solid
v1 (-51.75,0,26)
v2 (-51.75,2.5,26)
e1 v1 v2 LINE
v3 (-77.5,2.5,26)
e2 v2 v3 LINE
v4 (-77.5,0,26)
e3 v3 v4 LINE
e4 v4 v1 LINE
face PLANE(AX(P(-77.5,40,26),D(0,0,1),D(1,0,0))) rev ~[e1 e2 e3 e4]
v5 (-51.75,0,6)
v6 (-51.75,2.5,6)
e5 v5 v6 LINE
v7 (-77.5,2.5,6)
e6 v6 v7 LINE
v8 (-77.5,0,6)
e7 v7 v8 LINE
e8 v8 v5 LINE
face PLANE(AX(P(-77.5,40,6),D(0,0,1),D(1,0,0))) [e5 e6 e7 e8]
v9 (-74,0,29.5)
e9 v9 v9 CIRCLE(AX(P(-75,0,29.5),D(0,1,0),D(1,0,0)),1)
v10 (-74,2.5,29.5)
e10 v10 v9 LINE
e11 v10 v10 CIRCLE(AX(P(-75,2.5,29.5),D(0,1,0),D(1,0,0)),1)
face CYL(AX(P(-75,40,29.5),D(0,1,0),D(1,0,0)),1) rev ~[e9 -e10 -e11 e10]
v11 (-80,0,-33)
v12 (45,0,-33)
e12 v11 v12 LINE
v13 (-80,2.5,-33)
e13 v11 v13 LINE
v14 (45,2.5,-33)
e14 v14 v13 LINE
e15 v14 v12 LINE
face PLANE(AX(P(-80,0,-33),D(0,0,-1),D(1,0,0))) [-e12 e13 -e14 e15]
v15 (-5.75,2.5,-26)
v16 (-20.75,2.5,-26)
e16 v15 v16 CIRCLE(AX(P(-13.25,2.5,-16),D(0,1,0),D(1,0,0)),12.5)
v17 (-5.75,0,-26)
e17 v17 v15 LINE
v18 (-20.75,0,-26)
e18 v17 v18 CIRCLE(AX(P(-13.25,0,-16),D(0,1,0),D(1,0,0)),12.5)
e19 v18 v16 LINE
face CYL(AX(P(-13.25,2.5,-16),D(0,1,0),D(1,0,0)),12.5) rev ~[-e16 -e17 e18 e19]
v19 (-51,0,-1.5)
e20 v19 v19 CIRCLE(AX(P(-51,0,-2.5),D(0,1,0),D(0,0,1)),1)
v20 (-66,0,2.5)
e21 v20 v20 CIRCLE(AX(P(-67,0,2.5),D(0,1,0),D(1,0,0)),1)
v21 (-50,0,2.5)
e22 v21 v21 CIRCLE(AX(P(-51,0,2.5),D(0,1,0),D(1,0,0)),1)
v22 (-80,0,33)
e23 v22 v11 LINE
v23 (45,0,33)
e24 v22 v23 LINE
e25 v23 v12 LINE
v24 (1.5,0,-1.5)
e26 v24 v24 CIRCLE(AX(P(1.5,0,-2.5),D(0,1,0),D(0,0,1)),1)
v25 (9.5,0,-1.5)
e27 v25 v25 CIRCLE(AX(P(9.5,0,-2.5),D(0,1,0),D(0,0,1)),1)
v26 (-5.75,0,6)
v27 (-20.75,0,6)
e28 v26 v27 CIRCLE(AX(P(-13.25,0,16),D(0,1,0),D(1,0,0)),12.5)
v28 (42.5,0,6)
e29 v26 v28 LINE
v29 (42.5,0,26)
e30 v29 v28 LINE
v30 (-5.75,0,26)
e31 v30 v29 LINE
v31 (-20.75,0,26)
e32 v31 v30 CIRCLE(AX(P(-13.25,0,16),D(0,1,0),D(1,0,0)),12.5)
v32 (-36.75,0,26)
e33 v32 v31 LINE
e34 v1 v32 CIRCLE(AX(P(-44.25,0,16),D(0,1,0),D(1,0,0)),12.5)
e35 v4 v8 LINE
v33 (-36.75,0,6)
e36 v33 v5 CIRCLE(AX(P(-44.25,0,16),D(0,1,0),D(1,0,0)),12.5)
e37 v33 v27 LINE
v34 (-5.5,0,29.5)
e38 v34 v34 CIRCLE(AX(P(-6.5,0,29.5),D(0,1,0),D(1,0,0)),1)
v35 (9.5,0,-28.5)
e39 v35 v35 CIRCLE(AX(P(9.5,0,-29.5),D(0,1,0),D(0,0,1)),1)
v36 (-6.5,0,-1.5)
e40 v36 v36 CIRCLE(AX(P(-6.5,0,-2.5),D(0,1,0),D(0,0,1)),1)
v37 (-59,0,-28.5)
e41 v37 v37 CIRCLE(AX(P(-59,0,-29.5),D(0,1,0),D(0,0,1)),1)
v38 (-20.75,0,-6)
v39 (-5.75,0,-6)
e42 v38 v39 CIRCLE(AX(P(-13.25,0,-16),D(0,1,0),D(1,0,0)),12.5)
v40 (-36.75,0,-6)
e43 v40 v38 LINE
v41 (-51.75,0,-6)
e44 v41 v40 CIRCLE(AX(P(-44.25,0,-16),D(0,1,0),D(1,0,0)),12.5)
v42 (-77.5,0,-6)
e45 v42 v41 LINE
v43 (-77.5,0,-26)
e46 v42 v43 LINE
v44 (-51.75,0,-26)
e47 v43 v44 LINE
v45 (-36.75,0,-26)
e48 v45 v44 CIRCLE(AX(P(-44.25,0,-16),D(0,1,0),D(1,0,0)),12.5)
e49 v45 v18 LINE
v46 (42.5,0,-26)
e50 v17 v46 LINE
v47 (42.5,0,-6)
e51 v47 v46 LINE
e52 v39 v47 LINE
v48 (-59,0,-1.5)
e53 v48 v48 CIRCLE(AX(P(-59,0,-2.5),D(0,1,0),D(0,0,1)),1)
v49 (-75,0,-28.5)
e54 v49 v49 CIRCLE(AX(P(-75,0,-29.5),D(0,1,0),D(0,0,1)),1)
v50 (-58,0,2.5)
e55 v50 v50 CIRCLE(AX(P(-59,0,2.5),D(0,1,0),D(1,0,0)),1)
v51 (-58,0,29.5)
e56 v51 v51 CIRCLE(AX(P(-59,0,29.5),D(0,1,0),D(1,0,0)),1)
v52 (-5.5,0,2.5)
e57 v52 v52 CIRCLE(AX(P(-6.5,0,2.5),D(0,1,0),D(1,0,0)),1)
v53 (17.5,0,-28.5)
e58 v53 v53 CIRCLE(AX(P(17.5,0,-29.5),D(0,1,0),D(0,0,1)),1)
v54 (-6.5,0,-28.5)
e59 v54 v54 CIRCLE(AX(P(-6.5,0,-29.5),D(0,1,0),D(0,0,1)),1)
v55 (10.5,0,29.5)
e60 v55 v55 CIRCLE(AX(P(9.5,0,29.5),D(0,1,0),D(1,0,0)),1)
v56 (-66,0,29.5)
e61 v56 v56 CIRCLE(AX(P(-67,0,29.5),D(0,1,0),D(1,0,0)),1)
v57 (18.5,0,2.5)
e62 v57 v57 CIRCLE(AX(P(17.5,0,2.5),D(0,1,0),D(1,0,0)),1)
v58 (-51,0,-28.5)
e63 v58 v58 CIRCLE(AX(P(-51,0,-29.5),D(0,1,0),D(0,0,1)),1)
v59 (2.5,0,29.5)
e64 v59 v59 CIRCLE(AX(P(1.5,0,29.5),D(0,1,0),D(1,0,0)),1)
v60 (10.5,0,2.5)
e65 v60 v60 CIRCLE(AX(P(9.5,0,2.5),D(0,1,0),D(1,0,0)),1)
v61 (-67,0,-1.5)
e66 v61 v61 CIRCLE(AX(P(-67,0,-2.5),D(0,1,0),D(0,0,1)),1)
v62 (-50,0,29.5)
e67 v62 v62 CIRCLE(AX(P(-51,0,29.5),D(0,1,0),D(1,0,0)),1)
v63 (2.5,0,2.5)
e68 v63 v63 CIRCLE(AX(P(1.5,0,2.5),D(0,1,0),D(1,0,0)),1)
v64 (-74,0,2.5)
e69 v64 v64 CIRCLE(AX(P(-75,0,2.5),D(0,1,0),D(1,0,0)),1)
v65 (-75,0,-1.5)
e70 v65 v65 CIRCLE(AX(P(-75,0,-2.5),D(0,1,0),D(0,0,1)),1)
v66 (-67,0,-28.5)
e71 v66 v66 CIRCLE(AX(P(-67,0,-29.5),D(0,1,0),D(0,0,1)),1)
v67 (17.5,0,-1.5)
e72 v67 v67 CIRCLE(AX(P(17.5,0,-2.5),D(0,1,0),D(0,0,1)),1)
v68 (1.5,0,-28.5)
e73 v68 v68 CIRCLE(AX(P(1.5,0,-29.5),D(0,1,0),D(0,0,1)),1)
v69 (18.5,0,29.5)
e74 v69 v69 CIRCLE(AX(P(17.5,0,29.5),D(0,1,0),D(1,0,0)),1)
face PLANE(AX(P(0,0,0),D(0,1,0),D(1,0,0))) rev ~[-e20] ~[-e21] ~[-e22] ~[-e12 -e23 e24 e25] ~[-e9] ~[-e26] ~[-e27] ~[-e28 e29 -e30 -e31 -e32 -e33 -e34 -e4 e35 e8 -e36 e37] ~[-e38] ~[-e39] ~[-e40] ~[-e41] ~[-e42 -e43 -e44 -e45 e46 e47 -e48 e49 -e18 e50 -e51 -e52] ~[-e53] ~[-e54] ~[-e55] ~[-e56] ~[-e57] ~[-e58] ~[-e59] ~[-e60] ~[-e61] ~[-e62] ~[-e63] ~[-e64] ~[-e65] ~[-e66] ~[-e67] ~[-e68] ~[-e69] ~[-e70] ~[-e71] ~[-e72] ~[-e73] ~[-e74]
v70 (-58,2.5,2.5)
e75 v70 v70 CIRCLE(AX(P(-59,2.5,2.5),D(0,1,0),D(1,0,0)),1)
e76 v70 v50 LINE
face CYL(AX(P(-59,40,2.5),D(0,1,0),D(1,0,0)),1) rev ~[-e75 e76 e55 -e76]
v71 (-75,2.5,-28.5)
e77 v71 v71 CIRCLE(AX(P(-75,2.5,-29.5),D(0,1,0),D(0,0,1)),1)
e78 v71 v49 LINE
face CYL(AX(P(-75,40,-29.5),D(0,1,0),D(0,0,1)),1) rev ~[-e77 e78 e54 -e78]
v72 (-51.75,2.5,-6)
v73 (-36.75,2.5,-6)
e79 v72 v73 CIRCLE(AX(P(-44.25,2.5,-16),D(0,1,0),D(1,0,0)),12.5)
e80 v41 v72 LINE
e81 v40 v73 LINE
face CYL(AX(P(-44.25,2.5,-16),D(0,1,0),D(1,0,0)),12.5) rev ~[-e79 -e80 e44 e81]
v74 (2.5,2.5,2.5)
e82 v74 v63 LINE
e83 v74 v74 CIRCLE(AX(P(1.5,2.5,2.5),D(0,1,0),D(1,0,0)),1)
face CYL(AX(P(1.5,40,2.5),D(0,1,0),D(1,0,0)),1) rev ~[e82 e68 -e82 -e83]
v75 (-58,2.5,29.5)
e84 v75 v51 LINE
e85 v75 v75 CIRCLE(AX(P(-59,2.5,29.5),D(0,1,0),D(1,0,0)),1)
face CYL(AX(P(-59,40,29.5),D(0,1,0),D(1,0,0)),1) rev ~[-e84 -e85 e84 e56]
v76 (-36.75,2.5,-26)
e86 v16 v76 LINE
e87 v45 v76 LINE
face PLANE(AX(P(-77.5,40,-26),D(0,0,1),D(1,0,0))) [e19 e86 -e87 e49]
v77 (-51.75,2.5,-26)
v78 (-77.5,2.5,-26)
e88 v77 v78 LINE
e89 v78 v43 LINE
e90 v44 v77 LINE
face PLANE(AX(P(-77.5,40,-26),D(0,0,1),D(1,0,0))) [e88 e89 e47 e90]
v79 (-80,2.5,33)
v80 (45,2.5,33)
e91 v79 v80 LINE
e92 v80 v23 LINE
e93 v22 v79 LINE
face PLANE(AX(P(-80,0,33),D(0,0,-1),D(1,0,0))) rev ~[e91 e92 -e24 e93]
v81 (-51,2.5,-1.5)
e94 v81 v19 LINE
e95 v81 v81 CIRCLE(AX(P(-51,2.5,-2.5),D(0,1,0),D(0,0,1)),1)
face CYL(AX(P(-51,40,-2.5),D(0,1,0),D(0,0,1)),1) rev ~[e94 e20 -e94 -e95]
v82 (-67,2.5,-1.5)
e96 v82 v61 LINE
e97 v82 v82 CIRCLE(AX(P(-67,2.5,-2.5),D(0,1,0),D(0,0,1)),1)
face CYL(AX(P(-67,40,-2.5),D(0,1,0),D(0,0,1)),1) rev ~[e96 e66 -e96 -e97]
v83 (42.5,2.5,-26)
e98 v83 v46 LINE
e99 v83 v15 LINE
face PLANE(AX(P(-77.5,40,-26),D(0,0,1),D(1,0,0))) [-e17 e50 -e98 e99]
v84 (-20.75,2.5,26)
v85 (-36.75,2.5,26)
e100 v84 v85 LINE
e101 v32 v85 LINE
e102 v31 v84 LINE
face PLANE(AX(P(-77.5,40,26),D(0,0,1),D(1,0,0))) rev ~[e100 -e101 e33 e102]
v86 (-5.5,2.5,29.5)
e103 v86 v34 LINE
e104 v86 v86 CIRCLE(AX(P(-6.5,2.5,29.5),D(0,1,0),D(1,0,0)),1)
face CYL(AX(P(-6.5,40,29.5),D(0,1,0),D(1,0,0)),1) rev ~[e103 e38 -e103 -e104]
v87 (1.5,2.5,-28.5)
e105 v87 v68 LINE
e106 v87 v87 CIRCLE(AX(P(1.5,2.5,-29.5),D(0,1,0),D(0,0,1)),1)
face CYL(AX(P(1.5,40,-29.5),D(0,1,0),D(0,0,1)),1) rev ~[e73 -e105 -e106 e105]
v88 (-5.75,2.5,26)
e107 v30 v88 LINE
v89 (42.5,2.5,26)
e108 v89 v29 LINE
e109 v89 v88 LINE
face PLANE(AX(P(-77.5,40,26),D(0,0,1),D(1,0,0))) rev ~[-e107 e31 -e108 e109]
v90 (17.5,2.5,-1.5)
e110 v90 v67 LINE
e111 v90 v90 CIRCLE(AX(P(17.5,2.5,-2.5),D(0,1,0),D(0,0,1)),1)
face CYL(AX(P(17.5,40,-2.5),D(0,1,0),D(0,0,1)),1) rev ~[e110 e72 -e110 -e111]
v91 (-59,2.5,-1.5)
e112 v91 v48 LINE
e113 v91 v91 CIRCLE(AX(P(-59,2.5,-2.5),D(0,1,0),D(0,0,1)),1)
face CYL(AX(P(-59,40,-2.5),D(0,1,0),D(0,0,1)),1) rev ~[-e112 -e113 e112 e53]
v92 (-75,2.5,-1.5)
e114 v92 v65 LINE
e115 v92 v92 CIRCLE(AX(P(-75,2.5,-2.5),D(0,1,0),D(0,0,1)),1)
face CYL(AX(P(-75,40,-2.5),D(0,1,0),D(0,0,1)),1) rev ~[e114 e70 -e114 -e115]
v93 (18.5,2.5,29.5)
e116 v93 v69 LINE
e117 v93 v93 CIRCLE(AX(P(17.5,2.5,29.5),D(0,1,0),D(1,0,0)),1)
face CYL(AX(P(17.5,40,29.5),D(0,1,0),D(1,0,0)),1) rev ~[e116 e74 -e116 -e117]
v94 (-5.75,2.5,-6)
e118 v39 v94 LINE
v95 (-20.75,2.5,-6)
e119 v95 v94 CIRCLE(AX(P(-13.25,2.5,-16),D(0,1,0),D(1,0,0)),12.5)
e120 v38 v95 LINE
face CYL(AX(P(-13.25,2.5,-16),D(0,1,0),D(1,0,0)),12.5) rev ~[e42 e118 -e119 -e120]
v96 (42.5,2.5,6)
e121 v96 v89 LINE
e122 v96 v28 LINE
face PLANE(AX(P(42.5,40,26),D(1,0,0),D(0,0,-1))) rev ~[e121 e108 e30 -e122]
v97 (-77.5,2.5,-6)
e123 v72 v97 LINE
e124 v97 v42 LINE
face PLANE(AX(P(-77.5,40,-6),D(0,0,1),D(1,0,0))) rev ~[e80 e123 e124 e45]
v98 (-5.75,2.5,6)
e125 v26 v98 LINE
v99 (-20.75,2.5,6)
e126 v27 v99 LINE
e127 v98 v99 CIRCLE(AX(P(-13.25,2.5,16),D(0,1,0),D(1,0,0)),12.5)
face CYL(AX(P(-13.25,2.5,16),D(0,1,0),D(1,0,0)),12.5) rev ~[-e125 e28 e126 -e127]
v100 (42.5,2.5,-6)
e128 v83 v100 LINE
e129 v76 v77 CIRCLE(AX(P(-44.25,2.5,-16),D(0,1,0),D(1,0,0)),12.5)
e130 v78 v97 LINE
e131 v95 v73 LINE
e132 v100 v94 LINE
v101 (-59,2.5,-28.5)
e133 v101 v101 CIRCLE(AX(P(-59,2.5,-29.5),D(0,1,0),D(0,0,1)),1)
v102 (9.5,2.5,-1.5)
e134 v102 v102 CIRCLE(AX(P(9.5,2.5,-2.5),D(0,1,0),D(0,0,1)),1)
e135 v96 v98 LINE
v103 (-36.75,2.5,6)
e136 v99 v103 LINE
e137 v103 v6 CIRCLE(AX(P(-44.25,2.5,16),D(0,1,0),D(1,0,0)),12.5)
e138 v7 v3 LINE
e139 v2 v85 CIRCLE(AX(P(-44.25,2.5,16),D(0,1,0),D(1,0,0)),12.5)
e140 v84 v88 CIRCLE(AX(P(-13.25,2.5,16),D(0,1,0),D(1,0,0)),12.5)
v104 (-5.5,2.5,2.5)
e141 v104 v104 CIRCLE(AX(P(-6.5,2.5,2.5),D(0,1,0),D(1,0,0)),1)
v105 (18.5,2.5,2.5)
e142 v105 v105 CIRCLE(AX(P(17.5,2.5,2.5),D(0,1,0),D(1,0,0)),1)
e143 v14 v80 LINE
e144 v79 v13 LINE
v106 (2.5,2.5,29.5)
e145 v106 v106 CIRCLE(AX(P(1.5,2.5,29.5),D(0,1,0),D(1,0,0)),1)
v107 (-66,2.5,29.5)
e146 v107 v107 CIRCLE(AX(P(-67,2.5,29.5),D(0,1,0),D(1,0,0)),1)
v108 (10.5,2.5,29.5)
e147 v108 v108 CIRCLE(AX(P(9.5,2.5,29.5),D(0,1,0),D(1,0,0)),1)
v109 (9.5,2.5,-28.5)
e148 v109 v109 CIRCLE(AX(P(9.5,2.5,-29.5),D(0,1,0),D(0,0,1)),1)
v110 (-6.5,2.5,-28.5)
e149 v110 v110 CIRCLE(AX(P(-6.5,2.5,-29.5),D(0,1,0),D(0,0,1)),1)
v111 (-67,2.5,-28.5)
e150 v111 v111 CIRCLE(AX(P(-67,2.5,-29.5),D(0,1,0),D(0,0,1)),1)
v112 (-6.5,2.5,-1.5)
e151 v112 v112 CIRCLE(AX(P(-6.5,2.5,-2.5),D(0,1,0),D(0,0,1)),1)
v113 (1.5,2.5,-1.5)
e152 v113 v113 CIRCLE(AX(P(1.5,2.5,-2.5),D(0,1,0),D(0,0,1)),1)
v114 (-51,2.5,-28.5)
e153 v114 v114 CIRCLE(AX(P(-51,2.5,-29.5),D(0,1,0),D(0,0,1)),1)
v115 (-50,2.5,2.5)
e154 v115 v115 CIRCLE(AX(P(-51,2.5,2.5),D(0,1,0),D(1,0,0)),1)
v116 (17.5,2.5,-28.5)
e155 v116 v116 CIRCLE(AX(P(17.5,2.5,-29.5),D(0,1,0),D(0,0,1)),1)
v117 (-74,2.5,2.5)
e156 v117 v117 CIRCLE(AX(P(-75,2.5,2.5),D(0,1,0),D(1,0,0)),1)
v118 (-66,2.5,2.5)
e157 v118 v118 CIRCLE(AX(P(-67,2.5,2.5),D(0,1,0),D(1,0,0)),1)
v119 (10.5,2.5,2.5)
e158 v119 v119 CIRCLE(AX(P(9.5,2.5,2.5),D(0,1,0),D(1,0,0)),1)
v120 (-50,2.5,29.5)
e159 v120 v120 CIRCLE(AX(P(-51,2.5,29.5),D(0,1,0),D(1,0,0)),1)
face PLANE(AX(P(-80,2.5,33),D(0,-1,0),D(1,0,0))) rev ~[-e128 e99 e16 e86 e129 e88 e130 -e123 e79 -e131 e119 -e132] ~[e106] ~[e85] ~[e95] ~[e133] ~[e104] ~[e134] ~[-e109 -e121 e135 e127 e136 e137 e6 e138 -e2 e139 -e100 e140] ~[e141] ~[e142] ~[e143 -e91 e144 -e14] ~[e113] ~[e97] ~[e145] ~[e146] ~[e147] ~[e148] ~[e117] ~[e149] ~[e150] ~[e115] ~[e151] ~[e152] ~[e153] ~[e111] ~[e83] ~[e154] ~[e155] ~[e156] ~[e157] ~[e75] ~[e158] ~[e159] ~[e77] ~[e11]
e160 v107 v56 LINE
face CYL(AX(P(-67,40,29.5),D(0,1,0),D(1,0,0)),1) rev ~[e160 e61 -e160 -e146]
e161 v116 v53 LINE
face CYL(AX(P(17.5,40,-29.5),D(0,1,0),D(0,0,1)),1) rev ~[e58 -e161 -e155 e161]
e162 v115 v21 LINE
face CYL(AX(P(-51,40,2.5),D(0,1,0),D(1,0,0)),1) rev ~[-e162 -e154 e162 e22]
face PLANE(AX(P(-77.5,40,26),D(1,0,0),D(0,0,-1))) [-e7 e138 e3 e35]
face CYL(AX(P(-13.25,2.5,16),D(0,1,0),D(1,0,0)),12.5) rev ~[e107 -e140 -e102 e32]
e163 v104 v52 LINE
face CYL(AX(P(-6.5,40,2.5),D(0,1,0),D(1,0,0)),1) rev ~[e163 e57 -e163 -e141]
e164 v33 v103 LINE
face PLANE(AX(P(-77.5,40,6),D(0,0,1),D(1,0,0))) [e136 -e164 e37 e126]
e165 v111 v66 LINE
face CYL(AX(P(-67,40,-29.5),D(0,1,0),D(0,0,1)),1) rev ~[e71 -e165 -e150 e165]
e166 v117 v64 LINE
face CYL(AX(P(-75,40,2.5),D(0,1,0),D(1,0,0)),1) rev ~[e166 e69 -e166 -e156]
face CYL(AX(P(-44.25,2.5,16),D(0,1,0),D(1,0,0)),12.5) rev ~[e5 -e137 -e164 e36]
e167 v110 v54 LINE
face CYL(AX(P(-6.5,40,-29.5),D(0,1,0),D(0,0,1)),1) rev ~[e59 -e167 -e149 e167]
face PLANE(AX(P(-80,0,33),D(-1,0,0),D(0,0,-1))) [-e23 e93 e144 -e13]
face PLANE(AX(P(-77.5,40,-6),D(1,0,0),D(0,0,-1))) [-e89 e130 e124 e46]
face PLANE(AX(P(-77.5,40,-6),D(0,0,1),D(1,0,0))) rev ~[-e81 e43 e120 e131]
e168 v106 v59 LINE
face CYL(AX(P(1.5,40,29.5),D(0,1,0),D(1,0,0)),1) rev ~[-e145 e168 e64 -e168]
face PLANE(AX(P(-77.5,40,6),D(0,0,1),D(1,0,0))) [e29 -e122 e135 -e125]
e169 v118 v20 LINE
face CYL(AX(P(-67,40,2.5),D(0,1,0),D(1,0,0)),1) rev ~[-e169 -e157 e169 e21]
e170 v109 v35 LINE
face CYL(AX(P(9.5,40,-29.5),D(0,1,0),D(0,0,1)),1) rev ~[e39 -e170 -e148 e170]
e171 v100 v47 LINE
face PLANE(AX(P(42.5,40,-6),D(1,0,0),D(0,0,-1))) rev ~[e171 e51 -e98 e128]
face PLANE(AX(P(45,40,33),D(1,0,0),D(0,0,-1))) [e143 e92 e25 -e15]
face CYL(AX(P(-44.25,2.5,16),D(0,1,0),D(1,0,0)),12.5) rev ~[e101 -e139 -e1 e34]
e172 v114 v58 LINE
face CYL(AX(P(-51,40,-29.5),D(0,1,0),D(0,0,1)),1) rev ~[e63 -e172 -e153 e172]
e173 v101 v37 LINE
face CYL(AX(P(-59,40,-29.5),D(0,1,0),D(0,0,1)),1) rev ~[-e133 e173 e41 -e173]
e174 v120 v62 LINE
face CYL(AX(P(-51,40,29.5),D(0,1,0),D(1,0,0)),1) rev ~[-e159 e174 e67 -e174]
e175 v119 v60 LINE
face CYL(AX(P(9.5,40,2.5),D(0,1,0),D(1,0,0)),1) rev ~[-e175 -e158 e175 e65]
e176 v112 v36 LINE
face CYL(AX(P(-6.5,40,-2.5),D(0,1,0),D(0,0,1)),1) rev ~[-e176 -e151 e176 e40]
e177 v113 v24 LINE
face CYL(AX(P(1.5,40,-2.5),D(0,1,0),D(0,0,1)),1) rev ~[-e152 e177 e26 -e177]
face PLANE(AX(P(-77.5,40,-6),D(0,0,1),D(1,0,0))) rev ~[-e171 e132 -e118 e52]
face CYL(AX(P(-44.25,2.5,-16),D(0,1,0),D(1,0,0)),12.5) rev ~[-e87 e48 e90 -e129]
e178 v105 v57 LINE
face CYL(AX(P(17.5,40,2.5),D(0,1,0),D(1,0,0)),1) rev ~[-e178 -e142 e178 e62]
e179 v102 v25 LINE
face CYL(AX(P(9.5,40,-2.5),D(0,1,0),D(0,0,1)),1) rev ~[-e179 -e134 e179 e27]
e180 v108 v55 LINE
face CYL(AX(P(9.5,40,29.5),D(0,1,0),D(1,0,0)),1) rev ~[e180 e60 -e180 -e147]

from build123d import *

# Parameters (mm, degrees)
SKETCH1_W           = 160
SKETCH1_H           = 66
BOSS_EXTRUDE1_DEPTH = 40
SKETCH2_R           = 4.025
SKETCH2_W           = 130
SKETCH2_H           = 37.5
CUT_EXTRUDE1_DEPTH  = 112.157545853
SKETCH3_R           = 1
SKETCH3_W           = 120
SKETCH3_H           = 20
CUT_EXTRUDE2_DEPTH  = 96.336247042
SKETCH4_R           = 12.5
CUT_EXTRUDE3_DEPTH  = 95.314633011
SKETCH5_W           = 35
SKETCH5_H           = 66
CUT_EXTRUDE5_DEPTH  = 96.336247042


with BuildPart() as part:
    # Sketch1 → Boss-Extrude1 (new body)
    with BuildSketch(Plane(origin=(0, 0, 0), x_dir=(1, 0, 0), z_dir=(0, 1, 0))):
        Rectangle(SKETCH1_W, SKETCH1_H)
    extrude(amount=BOSS_EXTRUDE1_DEPTH)

    # Sketch2 → Cut-Extrude1 (cut, through all)
    with BuildSketch(Plane.XY.offset(33)):
        with Locations((70, 20)):
            Circle(SKETCH2_R)
        with Locations((-15, 21.25)):
            Rectangle(SKETCH2_W, SKETCH2_H)
    extrude(amount=-CUT_EXTRUDE1_DEPTH, mode=Mode.SUBTRACT)

    # Sketch3 → Cut-Extrude2 (cut, through all)
    with BuildSketch(Plane(origin=(0, 40, 0), x_dir=(1, 0, 0), z_dir=(0, 1, 0))):
        with Locations(Location((-75, 29.5, 0), (0, 0, 270))):
            Circle(SKETCH3_R)
        with Locations(Location((-75, 2.5, 0), (0, 0, 270))):
            Circle(SKETCH3_R)
        with Locations(Location((-67, 29.5, 0), (0, 0, 270))):
            Circle(SKETCH3_R)
        with Locations(Location((-59, 29.5, 0), (0, 0, 270))):
            Circle(SKETCH3_R)
        with Locations(Location((-51, 29.5, 0), (0, 0, 270))):
            Circle(SKETCH3_R)
        with Locations(Location((-67, 2.5, 0), (0, 0, 270))):
            Circle(SKETCH3_R)
        with Locations(Location((-59, 2.5, 0), (0, 0, 270))):
            Circle(SKETCH3_R)
        with Locations(Location((-51, 2.5, 0), (0, 0, 270))):
            Circle(SKETCH3_R)
        with Locations(Location((-6.5, 29.5, 0), (0, 0, 270))):
            Circle(SKETCH3_R)
        with Locations(Location((-6.5, 2.5, 0), (0, 0, 270))):
            Circle(SKETCH3_R)
        with Locations(Location((1.5, 29.5, 0), (0, 0, 270))):
            Circle(SKETCH3_R)
        with Locations(Location((9.5, 29.5, 0), (0, 0, 270))):
            Circle(SKETCH3_R)
        with Locations(Location((17.5, 29.5, 0), (0, 0, 270))):
            Circle(SKETCH3_R)
        with Locations(Location((1.5, 2.5, 0), (0, 0, 270))):
            Circle(SKETCH3_R)
        with Locations(Location((9.5, 2.5, 0), (0, 0, 270))):
            Circle(SKETCH3_R)
        with Locations(Location((17.5, 2.5, 0), (0, 0, 270))):
            Circle(SKETCH3_R)
        with Locations((17.5, -2.5)):
            Circle(SKETCH3_R)
        with Locations((9.5, -2.5)):
            Circle(SKETCH3_R)
        with Locations((1.5, -2.5)):
            Circle(SKETCH3_R)
        with Locations((17.5, -29.5)):
            Circle(SKETCH3_R)
        with Locations((9.5, -29.5)):
            Circle(SKETCH3_R)
        with Locations((1.5, -29.5)):
            Circle(SKETCH3_R)
        with Locations((-6.5, -2.5)):
            Circle(SKETCH3_R)
        with Locations((-6.5, -29.5)):
            Circle(SKETCH3_R)
        with Locations((-51, -2.5)):
            Circle(SKETCH3_R)
        with Locations((-59, -2.5)):
            Circle(SKETCH3_R)
        with Locations((-67, -2.5)):
            Circle(SKETCH3_R)
        with Locations((-51, -29.5)):
            Circle(SKETCH3_R)
        with Locations((-59, -29.5)):
            Circle(SKETCH3_R)
        with Locations((-67, -29.5)):
            Circle(SKETCH3_R)
        with Locations((-75, -2.5)):
            Circle(SKETCH3_R)
        with Locations((-75, -29.5)):
            Circle(SKETCH3_R)
        with Locations((-17.5, 16)):
            Rectangle(SKETCH3_W, SKETCH3_H)
        with Locations((-17.5, -16)):
            Rectangle(SKETCH3_W, SKETCH3_H)
    extrude(amount=-CUT_EXTRUDE2_DEPTH, mode=Mode.SUBTRACT)

    # Sketch4 → Cut-Extrude3 (cut, through all)
    with BuildSketch(Plane(origin=(0, 2.5, 0), x_dir=(1, 0, 0), z_dir=(0, 1, 0))):
        with Locations((-44.25, -16)):
            Circle(SKETCH4_R)
        with Locations((-44.25, 16)):
            Circle(SKETCH4_R)
        with Locations((-13.25, 16)):
            Circle(SKETCH4_R)
        with Locations((-13.25, -16)):
            Circle(SKETCH4_R)
    extrude(amount=-CUT_EXTRUDE3_DEPTH, mode=Mode.SUBTRACT)

    # Sketch5 → Cut-Extrude5 (cut, through all)
    with BuildSketch(Plane(origin=(0, 40, 0), x_dir=(1, 0, 0), z_dir=(0, 1, 0))):
        with Locations((62.5, 0)):
            Rectangle(SKETCH5_W, SKETCH5_H)
    extrude(amount=-CUT_EXTRUDE5_DEPTH, mode=Mode.SUBTRACT)


solid = part.part
